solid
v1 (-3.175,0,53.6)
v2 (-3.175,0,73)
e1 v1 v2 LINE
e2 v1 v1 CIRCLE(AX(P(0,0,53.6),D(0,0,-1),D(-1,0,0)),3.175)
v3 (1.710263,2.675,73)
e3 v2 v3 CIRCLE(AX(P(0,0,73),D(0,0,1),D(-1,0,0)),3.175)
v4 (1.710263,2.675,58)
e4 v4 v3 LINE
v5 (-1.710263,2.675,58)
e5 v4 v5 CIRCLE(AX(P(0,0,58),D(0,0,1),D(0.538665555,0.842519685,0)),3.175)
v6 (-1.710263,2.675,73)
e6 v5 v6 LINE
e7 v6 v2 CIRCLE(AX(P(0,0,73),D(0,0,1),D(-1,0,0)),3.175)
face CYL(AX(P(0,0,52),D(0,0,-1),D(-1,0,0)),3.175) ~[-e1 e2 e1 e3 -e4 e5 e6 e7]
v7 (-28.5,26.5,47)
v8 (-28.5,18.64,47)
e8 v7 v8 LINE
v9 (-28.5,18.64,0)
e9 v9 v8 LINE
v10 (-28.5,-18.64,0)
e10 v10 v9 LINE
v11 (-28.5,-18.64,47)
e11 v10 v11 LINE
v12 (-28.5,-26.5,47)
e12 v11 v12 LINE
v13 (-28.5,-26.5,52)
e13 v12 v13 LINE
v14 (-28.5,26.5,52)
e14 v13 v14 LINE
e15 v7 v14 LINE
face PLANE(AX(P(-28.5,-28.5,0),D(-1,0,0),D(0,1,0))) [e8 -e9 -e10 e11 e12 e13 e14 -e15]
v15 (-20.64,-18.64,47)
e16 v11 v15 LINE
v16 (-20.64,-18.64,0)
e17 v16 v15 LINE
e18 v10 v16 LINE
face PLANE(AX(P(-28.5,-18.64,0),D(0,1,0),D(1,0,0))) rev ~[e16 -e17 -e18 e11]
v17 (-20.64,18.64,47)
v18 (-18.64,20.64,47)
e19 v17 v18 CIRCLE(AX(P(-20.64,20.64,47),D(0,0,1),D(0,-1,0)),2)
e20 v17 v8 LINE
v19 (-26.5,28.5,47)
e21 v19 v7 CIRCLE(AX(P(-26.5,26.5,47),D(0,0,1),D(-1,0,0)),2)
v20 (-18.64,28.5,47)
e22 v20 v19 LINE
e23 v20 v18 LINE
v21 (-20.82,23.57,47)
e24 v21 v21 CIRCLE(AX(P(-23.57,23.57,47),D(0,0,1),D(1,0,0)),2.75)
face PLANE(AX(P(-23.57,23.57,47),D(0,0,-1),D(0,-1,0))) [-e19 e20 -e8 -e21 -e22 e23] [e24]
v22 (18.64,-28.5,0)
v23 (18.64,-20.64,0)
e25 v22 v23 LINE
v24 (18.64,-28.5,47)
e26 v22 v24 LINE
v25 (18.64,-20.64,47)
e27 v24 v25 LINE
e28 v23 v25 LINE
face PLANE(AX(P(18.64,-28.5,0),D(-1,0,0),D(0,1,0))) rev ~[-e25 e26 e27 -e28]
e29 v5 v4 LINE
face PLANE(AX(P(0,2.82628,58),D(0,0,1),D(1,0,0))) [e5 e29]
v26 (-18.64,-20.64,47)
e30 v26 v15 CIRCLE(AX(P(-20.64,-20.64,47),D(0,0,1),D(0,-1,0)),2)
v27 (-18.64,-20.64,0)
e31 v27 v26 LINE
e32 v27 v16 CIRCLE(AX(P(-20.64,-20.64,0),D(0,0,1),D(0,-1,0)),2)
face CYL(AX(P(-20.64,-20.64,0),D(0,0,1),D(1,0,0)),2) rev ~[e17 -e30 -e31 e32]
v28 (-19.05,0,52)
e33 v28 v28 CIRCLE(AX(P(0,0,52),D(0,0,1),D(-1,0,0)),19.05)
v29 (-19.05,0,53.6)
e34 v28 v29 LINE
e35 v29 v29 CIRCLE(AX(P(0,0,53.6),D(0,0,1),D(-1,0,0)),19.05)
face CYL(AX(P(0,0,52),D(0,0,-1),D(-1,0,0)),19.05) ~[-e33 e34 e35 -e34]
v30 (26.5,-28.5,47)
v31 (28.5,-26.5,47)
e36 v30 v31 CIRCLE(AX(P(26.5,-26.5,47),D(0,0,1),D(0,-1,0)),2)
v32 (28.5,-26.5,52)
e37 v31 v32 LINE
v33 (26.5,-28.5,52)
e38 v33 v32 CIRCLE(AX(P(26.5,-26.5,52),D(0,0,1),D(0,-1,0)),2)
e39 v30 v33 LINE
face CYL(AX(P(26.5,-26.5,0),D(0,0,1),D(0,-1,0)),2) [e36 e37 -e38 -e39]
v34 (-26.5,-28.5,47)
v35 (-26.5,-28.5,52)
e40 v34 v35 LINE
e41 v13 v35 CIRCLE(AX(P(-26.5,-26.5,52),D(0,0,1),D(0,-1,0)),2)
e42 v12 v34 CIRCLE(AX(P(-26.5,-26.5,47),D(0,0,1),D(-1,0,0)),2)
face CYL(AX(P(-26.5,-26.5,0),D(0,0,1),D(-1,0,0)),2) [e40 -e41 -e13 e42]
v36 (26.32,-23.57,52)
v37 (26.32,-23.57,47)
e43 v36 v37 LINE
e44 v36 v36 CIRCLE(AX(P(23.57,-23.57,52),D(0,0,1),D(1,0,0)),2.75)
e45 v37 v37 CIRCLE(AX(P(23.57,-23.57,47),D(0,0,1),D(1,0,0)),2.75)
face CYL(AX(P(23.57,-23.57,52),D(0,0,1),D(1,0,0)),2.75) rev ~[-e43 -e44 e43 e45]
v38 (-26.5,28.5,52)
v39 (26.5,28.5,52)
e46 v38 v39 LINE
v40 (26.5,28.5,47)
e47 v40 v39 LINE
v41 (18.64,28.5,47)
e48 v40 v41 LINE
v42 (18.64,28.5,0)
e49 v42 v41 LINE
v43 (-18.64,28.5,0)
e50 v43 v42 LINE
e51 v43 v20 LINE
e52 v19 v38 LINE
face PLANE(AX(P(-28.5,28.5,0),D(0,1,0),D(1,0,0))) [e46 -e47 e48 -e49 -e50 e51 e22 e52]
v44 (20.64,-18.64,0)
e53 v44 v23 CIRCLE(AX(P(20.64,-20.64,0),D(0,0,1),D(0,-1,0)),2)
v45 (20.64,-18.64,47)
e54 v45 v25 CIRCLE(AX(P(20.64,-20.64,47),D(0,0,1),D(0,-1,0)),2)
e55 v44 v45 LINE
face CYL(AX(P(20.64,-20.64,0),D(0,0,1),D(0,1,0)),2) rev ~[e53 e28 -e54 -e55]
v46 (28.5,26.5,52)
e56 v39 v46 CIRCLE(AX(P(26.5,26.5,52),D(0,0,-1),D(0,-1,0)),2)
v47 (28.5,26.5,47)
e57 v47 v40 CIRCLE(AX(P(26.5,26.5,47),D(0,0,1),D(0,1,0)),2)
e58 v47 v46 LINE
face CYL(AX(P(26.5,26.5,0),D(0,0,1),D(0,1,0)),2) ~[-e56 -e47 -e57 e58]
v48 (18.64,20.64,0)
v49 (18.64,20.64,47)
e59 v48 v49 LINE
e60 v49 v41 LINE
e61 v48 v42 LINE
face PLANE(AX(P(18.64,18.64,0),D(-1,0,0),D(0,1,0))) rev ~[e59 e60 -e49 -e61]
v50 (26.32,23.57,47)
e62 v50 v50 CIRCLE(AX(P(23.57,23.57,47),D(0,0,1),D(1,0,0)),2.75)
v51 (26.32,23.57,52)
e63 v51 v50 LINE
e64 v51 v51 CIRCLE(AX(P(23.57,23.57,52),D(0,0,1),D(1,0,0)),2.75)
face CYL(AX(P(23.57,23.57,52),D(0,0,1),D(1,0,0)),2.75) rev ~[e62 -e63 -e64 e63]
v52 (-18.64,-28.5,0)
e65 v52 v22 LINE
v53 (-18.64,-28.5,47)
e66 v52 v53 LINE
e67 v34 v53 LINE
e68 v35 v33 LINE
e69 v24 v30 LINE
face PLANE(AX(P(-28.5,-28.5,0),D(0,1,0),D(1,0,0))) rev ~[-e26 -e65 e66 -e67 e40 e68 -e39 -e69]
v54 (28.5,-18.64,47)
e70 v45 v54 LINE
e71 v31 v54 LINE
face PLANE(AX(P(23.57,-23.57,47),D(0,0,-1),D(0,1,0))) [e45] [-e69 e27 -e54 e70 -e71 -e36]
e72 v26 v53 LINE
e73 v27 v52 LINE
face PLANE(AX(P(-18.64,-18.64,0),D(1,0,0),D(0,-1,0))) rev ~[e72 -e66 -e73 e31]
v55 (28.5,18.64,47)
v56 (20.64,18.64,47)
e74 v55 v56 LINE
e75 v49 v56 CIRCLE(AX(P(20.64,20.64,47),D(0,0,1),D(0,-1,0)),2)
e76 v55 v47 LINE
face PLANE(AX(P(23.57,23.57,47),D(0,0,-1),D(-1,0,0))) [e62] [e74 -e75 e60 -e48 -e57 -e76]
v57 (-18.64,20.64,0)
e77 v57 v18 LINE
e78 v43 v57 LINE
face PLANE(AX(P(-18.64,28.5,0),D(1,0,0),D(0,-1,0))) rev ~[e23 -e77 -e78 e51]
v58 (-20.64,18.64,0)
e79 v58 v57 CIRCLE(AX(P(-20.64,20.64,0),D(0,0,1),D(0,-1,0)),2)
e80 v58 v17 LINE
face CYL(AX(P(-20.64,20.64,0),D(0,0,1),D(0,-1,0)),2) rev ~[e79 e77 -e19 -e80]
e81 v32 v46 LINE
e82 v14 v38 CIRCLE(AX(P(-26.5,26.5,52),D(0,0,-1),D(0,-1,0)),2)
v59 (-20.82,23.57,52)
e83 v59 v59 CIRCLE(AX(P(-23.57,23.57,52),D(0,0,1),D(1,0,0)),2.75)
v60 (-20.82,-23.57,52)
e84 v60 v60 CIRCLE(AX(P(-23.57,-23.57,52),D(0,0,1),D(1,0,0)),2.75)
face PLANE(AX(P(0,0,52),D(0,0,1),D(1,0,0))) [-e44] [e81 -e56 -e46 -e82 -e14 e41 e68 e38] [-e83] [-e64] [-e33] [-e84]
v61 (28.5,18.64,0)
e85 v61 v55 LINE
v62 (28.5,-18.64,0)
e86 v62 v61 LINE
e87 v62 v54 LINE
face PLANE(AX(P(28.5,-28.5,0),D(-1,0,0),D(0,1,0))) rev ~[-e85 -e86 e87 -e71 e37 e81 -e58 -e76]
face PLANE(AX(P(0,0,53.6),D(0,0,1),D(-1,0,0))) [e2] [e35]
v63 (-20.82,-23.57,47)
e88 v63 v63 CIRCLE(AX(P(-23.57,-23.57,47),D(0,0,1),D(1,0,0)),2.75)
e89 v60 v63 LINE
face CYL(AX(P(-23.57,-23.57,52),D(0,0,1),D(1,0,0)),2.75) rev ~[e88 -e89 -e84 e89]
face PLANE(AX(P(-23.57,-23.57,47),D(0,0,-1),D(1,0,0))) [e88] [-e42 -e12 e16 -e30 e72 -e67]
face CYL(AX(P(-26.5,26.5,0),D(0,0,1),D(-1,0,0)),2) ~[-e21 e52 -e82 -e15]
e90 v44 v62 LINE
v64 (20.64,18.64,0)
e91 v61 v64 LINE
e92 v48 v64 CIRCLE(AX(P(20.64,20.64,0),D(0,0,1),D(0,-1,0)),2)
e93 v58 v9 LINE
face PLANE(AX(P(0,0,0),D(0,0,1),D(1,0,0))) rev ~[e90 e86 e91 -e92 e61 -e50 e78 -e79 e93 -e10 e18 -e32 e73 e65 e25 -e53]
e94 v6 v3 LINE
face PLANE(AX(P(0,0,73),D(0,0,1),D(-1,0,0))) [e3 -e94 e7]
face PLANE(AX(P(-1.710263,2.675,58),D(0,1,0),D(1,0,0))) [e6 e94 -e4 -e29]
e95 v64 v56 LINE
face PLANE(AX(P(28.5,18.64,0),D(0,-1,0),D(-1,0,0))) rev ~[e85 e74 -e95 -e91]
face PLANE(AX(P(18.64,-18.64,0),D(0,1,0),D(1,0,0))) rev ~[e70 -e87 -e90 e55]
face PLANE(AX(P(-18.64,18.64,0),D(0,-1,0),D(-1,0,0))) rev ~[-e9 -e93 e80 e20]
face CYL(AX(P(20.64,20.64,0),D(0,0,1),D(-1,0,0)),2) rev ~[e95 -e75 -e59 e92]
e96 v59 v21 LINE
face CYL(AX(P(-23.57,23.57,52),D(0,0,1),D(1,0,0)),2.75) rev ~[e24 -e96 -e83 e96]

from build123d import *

# Parameters (mm, degrees)
SKETCH1_W                = 57
SKETCH1_H                = 57
BOSS_EXTRUDE1_DEPTH      = 52
SKETCH2_R                = 3.175
BOSS_EXTRUDE2_DEPTH      = 21
FILLET1_R                = 2
SKETCH9_R                = 19.05
BOSS_EXTRUDE3_DEPTH      = 1.6
SKETCH11_R               = 2.75
CUT_EXTRUDE3_DEPTH       = 66.791336816
CUT_EXTRUDE2_START       = -15
CUT_EXTRUDE2_DEPTH       = 15
SKETCH12_W               = 9.86
SKETCH12_H               = 9.86
CUT_EXTRUDE4_DEPTH       = 47
FILLET2_R                = 2
CIRPATTERN1_COUNT        = 4
FILLET2_OF_CIRPATTERN1_R = 2


with BuildPart() as part:
    # Sketch1 → Boss-Extrude1 (new body)
    with BuildSketch(Plane.XY):
        Rectangle(SKETCH1_W, SKETCH1_H)
    extrude(amount=BOSS_EXTRUDE1_DEPTH)

    # Sketch2 → Boss-Extrude2 (add)
    with BuildSketch(Plane.XY.offset(52)):
        with Locations(Location((0, 0, 0), (0, 0, 180))):
            Circle(SKETCH2_R)
    extrude(amount=BOSS_EXTRUDE2_DEPTH)

    # Fillet1
    fillet1_edges = [part.edges().sort_by_distance(p)[0] for p in [
        (28.5, -28.5, 26),
        (-28.5, -28.5, 26),
        (-28.5, 28.5, 26),
        (28.5, 28.5, 26),
    ]]
    fillet(fillet1_edges, radius=FILLET1_R)

    # Sketch9 → Boss-Extrude3 (add)
    with BuildSketch(Plane.XY.offset(52)):
        with Locations(Location((0, 0, 0), (0, 0, 180))):
            Circle(SKETCH9_R)
    extrude(amount=BOSS_EXTRUDE3_DEPTH)

    # Sketch11 → Cut-Extrude3 (cut, through all)
    with BuildSketch(Plane.XY.offset(52)):
        with Locations((23.57, 23.57)):
            Circle(SKETCH11_R)
        with Locations((23.57, -23.57)):
            Circle(SKETCH11_R)
        with Locations((-23.57, -23.57)):
            Circle(SKETCH11_R)
        with Locations((-23.57, 23.57)):
            Circle(SKETCH11_R)
    extrude(amount=-CUT_EXTRUDE3_DEPTH, mode=Mode.SUBTRACT)

    # Sketch10 → Cut-Extrude2 (cut)
    with BuildSketch(Plane.XY.offset(73).offset(CUT_EXTRUDE2_START)):
        with BuildLine():
            Line((-1.710263138, 2.675), (1.710263138, 2.675))
            ThreePointArc((1.710263138, 2.675), (0, 3.175), (-1.710263138, 2.675))
        make_face()
    extrude(amount=CUT_EXTRUDE2_DEPTH, mode=Mode.SUBTRACT)

    # Sketch12 → Cut-Extrude4 (cut)
    with BuildSketch(Plane(origin=(0, 0, 0), x_dir=(-1, 0, 0), z_dir=(0, 0, -1))):
        with Locations((-23.57, 23.57)):
            Rectangle(SKETCH12_W, SKETCH12_H)
    cut_extrude4 = extrude(amount=-CUT_EXTRUDE4_DEPTH, mode=Mode.SUBTRACT)

    # Fillet2
    fillet2_edges = [part.edges().sort_by_distance(p)[0] for p in [
        (18.64, 18.64, 23.5),
    ]]
    fillet(fillet2_edges, radius=FILLET2_R)

    # CirPattern1: Cut-Extrude4 ×4 about axis
    cirpattern1_axis = Axis((0, 0, 0), (0, 0, 1))
    for i in range(1, CIRPATTERN1_COUNT):
        add(cut_extrude4.rotate(cirpattern1_axis, i * 360 / CIRPATTERN1_COUNT), mode=Mode.SUBTRACT)

    # Fillet2 of CirPattern1
    fillet2_of_cirpattern1_edges = [part.edges().sort_by_distance(p)[0] for p in [
        (-18.64, 18.64, 23.5),
        (-18.64, -18.64, 23.5),
        (18.64, -18.64, 23.5),
    ]]
    fillet(fillet2_of_cirpattern1_edges, radius=FILLET2_OF_CIRPATTERN1_R)


solid = part.part
